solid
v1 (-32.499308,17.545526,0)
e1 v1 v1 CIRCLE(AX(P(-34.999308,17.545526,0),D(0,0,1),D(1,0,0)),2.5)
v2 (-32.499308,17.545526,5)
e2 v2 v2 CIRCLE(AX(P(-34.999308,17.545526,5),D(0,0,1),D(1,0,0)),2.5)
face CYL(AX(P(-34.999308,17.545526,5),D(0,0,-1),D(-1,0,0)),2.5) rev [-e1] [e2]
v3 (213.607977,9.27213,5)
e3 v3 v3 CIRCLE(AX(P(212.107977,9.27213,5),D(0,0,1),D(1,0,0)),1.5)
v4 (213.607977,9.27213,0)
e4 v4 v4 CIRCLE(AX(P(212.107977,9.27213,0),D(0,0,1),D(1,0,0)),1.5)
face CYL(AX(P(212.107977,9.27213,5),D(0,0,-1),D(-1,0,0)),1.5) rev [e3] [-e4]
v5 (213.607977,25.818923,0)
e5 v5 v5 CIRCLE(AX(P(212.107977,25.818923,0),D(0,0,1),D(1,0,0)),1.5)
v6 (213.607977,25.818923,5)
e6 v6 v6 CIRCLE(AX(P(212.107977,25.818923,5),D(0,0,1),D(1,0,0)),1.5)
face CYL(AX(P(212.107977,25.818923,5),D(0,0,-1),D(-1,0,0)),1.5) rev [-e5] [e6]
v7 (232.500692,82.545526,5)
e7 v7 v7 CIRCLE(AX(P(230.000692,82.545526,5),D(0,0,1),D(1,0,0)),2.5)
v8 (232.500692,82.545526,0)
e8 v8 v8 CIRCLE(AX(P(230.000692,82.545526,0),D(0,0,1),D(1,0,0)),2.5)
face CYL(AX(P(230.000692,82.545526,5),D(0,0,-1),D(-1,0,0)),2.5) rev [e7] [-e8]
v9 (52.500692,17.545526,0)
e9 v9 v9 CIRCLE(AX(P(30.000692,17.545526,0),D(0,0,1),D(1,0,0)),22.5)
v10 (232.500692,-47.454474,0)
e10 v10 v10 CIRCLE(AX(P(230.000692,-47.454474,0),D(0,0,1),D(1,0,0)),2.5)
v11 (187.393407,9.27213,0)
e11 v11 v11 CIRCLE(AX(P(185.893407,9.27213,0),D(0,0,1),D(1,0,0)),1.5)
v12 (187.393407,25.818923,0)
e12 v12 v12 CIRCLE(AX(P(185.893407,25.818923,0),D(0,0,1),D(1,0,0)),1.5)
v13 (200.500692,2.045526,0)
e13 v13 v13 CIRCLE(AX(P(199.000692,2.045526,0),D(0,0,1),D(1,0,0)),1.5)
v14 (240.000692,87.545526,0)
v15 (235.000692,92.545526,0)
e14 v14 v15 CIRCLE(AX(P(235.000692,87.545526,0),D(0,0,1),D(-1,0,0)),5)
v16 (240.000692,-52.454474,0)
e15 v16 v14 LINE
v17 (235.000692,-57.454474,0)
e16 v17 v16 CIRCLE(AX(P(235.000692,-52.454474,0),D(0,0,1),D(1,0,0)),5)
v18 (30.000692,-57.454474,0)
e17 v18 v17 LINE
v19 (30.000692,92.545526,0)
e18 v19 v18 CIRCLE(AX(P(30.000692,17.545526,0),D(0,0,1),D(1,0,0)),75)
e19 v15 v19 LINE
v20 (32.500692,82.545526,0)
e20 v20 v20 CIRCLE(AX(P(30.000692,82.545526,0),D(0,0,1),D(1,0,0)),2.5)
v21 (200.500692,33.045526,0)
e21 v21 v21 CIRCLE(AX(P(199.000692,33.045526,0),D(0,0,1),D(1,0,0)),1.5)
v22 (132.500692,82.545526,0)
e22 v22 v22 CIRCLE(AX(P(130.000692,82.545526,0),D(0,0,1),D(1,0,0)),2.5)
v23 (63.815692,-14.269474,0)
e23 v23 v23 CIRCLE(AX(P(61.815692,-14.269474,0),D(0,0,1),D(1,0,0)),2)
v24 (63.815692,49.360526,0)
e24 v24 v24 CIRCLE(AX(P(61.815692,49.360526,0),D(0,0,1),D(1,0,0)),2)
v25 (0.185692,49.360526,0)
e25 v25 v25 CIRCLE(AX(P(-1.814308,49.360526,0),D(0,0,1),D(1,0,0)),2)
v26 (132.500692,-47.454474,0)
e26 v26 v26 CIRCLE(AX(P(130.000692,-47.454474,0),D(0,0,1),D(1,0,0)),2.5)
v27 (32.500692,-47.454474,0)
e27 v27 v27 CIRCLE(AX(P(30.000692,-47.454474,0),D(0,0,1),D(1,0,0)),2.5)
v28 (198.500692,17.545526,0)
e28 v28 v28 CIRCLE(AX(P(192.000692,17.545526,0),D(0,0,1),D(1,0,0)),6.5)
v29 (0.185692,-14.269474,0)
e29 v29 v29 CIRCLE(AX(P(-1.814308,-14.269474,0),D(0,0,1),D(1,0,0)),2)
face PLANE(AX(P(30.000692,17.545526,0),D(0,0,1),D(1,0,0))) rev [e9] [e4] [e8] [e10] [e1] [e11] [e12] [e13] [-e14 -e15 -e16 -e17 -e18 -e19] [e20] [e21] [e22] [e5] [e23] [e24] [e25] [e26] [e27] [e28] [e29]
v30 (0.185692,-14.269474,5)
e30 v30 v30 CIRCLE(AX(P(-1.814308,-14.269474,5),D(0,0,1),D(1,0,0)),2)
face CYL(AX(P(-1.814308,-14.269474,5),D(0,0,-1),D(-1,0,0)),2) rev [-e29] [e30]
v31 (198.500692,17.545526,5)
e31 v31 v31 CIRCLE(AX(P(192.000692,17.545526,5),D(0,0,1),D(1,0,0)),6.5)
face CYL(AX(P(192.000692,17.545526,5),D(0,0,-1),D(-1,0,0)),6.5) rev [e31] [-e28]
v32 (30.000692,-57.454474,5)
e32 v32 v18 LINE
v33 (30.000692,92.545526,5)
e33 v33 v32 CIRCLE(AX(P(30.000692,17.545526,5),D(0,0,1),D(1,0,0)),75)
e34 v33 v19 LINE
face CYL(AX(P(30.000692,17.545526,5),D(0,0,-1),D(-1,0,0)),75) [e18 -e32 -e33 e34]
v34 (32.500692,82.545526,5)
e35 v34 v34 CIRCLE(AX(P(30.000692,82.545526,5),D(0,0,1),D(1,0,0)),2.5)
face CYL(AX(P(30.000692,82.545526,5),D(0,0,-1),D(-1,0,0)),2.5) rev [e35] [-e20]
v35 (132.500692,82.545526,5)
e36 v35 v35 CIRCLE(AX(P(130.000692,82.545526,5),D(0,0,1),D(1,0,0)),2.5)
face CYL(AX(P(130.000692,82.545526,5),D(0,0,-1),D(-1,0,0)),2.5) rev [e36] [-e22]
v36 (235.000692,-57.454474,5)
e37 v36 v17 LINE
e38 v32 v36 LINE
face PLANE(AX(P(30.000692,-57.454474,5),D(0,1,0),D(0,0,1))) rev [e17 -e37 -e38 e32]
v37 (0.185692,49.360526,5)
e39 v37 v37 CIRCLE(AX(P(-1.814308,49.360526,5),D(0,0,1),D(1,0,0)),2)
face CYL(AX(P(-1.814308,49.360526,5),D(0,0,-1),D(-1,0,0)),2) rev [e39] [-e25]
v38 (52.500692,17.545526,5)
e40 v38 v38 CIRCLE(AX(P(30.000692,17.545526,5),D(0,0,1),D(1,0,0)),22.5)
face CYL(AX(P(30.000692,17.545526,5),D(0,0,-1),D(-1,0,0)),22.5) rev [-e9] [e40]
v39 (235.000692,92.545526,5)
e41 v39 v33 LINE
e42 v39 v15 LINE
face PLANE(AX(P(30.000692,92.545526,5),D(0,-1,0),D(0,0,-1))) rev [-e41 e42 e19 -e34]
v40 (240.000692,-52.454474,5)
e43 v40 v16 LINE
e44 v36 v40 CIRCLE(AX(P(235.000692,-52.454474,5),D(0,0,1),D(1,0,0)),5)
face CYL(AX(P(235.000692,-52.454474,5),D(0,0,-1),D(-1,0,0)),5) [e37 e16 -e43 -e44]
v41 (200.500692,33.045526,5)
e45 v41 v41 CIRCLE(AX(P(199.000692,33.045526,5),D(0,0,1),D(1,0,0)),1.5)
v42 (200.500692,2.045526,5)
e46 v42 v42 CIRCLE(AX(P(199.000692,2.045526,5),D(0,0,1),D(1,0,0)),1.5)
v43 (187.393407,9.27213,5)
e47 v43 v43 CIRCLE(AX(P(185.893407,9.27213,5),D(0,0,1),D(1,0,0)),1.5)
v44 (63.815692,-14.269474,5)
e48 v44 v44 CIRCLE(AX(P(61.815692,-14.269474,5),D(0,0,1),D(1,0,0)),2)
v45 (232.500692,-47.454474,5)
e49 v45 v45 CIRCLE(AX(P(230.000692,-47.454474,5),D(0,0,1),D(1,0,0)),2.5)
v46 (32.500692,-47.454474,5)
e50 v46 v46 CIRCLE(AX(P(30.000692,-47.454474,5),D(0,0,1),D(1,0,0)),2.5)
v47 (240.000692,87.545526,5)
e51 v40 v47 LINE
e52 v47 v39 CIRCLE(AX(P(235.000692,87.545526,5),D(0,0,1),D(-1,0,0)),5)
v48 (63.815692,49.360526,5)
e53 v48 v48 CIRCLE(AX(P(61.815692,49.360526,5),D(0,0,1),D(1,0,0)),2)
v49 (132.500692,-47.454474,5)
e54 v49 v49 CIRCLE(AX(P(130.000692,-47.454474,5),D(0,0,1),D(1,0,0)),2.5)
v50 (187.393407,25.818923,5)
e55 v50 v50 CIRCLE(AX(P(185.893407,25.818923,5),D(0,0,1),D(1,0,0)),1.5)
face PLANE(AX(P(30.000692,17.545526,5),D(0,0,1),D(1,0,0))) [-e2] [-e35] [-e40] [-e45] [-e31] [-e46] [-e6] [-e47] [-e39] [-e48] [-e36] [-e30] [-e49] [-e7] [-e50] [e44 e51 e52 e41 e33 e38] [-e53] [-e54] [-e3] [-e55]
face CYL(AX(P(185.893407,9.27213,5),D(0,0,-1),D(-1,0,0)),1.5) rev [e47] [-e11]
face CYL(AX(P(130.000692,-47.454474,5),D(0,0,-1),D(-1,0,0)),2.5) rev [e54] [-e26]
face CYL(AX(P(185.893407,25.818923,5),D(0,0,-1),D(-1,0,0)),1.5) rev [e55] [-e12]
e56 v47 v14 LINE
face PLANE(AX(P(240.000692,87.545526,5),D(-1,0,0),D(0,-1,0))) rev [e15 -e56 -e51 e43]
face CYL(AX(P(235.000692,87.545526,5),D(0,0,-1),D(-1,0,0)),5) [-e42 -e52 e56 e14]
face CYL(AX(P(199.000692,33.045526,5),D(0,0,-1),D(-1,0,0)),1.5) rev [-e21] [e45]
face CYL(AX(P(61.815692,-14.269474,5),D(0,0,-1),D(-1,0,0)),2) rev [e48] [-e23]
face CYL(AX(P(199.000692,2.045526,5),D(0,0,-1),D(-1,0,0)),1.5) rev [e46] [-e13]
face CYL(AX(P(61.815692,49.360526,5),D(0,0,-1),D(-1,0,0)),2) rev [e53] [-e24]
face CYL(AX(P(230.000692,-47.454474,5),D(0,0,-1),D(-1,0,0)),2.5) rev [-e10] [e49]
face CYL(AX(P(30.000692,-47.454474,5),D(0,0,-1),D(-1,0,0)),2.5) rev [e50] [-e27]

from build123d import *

# Parameters (mm, degrees)
SKETCH1_R           = 2.5
SKETCH1_R_2         = 22.5
SKETCH1_R_3         = 2
SKETCH1_R_4         = 6.5
SKETCH1_R_5         = 1.5
BOSS_EXTRUDE1_DEPTH = 5


with BuildPart() as part:
    # Sketch1 → Boss-Extrude1 (new body)
    with BuildSketch(Plane.XY):
        with BuildLine():
            Line((30.000692042, 92.545526446), (235.000692042, 92.545526446))
            ThreePointArc((235.000692042, 92.545526446), (238.536225947, 91.081060352), (240.000692042, 87.545526446))
            Line((240.000692042, 87.545526446), (240.000692042, -52.454473554))
            ThreePointArc((240.000692042, -52.454473554), (238.536225947, -55.99000746), (235.000692042, -57.454473554))
            Line((235.000692042, -57.454473554), (30.000692042, -57.454473554))
            ThreePointArc((30.000692042, -57.454473554), (-44.999307958, 17.545526446), (30.000692042, 92.545526446))
        make_face()
        with Locations((-34.999307958, 17.545526446)):
            Circle(SKETCH1_R, mode=Mode.SUBTRACT)
        with Locations((30.000692042, -47.454473554)):
            Circle(SKETCH1_R, mode=Mode.SUBTRACT)
        with Locations((30.000692042, 82.545526446)):
            Circle(SKETCH1_R, mode=Mode.SUBTRACT)
        with Locations((230.000692042, -47.454473554)):
            Circle(SKETCH1_R, mode=Mode.SUBTRACT)
        with Locations((230.000692042, 82.545526446)):
            Circle(SKETCH1_R, mode=Mode.SUBTRACT)
        with Locations((130.000692042, 82.545526446)):
            Circle(SKETCH1_R, mode=Mode.SUBTRACT)
        with Locations((130.000692042, -47.454473554)):
            Circle(SKETCH1_R, mode=Mode.SUBTRACT)
        with Locations((30.000692042, 17.545526446)):
            Circle(SKETCH1_R_2, mode=Mode.SUBTRACT)
        with Locations((61.815692042, 49.360526446)):
            Circle(SKETCH1_R_3, mode=Mode.SUBTRACT)
        with Locations((61.815692042, -14.269473554)):
            Circle(SKETCH1_R_3, mode=Mode.SUBTRACT)
        with Locations((-1.814307958, -14.269473554)):
            Circle(SKETCH1_R_3, mode=Mode.SUBTRACT)
        with Locations((-1.814307958, 49.360526446)):
            Circle(SKETCH1_R_3, mode=Mode.SUBTRACT)
        with Locations((192.000692042, 17.545526446)):
            Circle(SKETCH1_R_4, mode=Mode.SUBTRACT)
        with Locations((199.000692042, 33.045526446)):
            Circle(SKETCH1_R_5, mode=Mode.SUBTRACT)
        with Locations((199.000692042, 2.045526446)):
            Circle(SKETCH1_R_5, mode=Mode.SUBTRACT)
        with Locations((185.893407347, 25.818922843)):
            Circle(SKETCH1_R_5, mode=Mode.SUBTRACT)
        with Locations((212.107976736, 25.818922843)):
            Circle(SKETCH1_R_5, mode=Mode.SUBTRACT)
        with Locations((212.107976736, 9.272130049)):
            Circle(SKETCH1_R_5, mode=Mode.SUBTRACT)
        with Locations((185.893407347, 9.272130049)):
            Circle(SKETCH1_R_5, mode=Mode.SUBTRACT)
    extrude(amount=BOSS_EXTRUDE1_DEPTH)


solid = part.part
